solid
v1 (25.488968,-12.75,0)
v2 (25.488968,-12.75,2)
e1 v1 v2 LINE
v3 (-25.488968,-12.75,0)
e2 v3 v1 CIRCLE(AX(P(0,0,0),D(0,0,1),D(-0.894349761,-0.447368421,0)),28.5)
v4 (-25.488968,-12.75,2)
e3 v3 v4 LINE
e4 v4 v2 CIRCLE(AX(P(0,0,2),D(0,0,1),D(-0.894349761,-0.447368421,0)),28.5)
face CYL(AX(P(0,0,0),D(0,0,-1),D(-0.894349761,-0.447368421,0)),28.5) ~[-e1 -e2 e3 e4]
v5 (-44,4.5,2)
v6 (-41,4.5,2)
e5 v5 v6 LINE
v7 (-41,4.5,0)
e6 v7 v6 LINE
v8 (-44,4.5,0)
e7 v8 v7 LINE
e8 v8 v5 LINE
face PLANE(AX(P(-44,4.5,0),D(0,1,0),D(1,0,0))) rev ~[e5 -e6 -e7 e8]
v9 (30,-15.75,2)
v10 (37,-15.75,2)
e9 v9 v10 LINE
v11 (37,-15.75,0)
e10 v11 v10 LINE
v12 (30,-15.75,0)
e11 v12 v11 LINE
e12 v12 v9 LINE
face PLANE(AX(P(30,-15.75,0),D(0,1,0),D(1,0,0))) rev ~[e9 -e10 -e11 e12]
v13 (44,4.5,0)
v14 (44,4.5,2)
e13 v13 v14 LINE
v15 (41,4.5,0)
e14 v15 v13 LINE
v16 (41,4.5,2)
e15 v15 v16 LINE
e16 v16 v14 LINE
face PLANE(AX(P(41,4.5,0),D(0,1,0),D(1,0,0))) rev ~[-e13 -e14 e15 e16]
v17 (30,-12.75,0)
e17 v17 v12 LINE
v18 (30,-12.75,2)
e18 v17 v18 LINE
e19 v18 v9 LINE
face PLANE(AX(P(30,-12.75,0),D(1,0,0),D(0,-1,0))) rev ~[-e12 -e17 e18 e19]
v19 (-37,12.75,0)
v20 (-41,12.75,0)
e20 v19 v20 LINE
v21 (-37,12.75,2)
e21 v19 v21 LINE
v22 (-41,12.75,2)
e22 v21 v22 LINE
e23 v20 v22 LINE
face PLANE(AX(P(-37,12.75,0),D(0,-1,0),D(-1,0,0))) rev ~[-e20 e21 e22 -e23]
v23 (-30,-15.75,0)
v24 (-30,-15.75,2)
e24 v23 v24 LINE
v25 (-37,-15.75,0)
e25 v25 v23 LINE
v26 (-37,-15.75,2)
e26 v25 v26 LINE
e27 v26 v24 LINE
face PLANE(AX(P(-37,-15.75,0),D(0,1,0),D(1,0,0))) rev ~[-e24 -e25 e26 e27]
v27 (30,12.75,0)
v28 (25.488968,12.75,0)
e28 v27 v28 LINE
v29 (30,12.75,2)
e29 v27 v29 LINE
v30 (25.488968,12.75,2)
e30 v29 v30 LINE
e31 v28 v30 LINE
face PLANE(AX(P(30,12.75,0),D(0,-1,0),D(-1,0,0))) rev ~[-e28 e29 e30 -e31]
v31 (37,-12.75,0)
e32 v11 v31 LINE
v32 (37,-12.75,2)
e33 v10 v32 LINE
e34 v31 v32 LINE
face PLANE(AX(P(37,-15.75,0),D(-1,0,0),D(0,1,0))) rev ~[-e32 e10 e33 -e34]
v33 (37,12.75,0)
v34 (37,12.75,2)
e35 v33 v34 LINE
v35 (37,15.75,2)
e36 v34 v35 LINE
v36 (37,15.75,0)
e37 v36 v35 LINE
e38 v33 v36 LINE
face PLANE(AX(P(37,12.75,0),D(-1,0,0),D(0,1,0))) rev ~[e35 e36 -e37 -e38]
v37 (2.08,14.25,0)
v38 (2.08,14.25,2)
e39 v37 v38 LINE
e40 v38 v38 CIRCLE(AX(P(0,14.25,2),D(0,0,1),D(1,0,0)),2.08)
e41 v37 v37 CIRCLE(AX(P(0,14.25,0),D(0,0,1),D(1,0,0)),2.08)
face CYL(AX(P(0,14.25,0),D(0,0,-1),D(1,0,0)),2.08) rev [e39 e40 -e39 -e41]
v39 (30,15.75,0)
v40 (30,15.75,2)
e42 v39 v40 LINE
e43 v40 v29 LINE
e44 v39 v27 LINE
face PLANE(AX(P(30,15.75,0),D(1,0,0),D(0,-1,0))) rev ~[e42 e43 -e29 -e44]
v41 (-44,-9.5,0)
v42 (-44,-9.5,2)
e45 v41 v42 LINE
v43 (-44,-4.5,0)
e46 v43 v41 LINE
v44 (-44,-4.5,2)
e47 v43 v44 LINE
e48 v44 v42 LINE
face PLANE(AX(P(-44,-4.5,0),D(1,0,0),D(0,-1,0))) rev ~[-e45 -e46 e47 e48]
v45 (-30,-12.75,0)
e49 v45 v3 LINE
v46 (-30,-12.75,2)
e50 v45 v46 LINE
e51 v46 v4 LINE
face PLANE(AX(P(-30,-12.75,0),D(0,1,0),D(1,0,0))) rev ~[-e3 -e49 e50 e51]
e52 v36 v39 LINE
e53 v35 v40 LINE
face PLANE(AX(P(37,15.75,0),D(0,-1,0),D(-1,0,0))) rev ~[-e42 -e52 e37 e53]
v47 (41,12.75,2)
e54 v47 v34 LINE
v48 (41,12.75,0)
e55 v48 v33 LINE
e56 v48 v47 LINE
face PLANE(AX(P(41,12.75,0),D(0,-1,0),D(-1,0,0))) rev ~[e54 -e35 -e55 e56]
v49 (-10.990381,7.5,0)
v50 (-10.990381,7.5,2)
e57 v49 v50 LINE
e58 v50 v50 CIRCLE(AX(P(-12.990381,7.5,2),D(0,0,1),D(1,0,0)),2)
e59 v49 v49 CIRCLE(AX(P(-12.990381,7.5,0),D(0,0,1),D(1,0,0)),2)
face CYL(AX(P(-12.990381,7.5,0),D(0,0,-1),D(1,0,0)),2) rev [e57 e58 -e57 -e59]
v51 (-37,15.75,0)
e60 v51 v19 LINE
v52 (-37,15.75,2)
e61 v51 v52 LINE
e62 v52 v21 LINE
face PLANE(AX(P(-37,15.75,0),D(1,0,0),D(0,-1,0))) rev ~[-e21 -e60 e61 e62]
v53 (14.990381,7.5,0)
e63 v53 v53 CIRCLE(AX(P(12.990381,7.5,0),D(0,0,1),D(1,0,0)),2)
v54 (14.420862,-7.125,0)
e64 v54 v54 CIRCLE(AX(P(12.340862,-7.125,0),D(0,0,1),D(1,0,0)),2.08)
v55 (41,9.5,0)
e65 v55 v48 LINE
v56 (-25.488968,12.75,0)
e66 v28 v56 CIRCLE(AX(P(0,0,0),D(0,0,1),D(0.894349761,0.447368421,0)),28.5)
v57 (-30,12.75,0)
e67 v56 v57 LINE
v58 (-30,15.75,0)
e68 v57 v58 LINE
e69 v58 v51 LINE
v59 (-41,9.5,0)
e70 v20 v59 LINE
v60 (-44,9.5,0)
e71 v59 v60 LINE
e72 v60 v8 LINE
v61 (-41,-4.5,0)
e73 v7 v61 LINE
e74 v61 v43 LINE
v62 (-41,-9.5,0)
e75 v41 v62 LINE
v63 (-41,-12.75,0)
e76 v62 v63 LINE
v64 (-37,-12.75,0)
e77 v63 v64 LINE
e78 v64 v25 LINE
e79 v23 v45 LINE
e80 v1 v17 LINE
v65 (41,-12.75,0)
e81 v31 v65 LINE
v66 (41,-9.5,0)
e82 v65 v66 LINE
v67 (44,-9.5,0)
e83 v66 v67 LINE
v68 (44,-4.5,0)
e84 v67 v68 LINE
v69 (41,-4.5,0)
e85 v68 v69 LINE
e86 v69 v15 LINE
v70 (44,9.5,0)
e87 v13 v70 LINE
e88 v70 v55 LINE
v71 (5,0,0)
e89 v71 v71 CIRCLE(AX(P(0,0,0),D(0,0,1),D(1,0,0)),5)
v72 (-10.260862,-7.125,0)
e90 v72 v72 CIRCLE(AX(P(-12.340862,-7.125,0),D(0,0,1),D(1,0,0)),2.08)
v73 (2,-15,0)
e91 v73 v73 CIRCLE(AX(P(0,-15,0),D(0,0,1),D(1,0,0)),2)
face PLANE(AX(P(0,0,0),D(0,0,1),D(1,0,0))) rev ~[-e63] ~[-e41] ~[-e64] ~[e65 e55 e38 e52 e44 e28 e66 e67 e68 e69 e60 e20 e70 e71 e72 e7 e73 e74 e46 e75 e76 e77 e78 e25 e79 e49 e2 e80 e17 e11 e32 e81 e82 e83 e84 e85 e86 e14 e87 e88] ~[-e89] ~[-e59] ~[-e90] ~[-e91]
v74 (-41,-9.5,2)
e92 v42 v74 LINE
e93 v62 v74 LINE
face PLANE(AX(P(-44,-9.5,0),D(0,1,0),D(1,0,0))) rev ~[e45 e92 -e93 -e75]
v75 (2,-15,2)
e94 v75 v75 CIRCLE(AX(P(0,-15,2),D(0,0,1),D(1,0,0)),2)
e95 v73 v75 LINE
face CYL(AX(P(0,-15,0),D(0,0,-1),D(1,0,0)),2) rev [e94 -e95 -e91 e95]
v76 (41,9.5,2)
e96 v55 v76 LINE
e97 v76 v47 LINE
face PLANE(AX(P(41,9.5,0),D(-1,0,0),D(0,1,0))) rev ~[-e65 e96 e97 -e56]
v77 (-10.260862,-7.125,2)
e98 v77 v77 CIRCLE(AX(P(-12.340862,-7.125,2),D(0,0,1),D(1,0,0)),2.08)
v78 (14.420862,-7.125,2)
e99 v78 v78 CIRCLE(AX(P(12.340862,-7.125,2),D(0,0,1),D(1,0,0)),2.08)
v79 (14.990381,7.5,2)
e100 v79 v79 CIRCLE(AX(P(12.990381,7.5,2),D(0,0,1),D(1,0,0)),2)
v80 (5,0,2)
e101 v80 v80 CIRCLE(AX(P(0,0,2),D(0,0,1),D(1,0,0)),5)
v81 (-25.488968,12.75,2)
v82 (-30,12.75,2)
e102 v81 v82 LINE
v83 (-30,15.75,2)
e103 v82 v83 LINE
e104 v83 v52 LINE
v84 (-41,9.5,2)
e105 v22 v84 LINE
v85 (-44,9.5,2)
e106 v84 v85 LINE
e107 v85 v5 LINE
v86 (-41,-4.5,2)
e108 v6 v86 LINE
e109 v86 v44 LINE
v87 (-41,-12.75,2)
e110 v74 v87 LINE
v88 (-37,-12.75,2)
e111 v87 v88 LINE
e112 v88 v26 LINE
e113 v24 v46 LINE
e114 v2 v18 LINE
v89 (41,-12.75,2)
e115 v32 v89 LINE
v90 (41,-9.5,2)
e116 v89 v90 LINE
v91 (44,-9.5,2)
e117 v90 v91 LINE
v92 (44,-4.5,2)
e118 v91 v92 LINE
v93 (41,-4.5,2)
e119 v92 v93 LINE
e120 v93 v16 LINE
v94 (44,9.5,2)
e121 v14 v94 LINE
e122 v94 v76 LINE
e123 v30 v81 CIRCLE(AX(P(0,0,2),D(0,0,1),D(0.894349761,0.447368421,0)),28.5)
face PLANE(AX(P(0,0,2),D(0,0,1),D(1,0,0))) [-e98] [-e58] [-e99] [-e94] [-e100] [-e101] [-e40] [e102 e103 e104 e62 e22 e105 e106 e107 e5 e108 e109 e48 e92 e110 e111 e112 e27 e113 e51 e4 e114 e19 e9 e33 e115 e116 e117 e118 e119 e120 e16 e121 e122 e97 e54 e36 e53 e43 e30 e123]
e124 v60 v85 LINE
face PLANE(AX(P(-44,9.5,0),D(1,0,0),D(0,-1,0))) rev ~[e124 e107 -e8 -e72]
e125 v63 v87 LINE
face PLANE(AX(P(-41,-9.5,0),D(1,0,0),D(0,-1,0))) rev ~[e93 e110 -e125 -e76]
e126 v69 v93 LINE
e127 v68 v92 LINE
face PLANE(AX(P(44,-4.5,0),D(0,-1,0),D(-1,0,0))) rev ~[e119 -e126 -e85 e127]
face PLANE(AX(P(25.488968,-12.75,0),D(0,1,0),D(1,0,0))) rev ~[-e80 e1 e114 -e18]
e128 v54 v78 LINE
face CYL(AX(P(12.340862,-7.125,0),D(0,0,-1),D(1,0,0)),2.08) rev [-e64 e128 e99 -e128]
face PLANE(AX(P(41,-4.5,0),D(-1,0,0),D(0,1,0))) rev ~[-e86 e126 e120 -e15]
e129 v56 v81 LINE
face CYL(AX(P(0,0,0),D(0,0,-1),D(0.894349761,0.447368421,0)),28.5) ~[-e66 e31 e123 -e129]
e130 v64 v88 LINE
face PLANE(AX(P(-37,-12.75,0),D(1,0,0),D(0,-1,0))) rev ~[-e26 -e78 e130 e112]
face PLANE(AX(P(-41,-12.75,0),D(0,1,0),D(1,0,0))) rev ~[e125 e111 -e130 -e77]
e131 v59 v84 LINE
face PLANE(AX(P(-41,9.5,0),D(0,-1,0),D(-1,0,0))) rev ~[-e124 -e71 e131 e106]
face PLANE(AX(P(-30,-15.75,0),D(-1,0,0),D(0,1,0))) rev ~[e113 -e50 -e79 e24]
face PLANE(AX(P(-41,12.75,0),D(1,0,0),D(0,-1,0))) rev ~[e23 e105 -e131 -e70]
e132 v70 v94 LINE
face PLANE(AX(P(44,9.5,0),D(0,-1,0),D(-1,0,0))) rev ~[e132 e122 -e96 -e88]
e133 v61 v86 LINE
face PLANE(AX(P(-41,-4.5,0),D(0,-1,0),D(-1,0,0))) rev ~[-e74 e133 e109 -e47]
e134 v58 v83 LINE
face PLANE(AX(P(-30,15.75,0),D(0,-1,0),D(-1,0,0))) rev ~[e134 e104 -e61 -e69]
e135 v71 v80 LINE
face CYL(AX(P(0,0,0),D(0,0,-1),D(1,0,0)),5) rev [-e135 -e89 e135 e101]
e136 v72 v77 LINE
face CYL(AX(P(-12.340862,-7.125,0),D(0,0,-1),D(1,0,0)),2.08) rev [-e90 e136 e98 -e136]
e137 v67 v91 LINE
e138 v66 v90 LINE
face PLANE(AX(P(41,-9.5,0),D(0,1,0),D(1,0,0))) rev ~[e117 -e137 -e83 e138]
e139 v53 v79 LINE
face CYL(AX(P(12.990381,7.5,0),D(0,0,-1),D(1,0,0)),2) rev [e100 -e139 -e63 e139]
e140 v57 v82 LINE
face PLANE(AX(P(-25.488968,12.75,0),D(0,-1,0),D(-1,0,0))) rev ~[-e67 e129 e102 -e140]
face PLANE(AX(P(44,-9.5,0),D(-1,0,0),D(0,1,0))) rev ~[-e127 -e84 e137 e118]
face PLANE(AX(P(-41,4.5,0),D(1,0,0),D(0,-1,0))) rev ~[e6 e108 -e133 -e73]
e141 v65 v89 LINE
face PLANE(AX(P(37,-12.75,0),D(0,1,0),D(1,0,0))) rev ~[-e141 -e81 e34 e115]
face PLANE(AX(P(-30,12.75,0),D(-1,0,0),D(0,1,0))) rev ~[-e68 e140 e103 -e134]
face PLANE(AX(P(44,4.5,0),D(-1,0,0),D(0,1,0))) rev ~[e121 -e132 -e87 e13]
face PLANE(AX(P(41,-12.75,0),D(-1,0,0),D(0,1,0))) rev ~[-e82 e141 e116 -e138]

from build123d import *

# Parameters (mm, degrees)
SKETCH_1_R      = 2
SKETCH_1_R_2    = 2.08
SKETCH_1_R_3    = 5
EXTRUDE_2_DEPTH = 2


with BuildPart() as part:
    # 草图1 → 凸台-拉伸2 (new body)
    with BuildSketch(Plane.XY):
        with BuildLine():
            Line((-41, -12.75), (-37, -12.75))
            Line((-37, -12.75), (-37, -15.75))
            Line((-37, -15.75), (-30, -15.75))
            Line((-30, -15.75), (-30, -12.75))
            Line((-30, -12.75), (-25.488968202, -12.75))
            ThreePointArc((-25.488968202, -12.75), (0, -28.5), (25.488968202, -12.75))
            Line((25.488968202, -12.75), (30, -12.75))
            Line((30, -12.75), (30, -15.75))
            Line((30, -15.75), (37, -15.75))
            Line((37, -15.75), (37, -12.75))
            Line((37, -12.75), (41, -12.75))
            Line((41, -12.75), (41, -9.5))
            Line((41, -9.5), (44, -9.5))
            Line((44, -9.5), (44, -4.5))
            Line((44, -4.5), (41, -4.5))
            Line((41, -4.5), (41, 4.5))
            Line((41, 4.5), (44, 4.5))
            Line((44, 4.5), (44, 9.5))
            Line((44, 9.5), (41, 9.5))
            Line((41, 9.5), (41, 12.75))
            Line((41, 12.75), (37, 12.75))
            Line((37, 12.75), (37, 15.75))
            Line((37, 15.75), (30, 15.75))
            Line((30, 15.75), (30, 12.75))
            Line((30, 12.75), (25.488968202, 12.75))
            ThreePointArc((25.488968202, 12.75), (0, 28.5), (-25.488968202, 12.75))
            Line((-25.488968202, 12.75), (-30, 12.75))
            Line((-30, 12.75), (-30, 15.75))
            Line((-30, 15.75), (-37, 15.75))
            Line((-37, 15.75), (-37, 12.75))
            Line((-37, 12.75), (-41, 12.75))
            Line((-41, 12.75), (-41, 9.5))
            Line((-41, 9.5), (-44, 9.5))
            Line((-44, 9.5), (-44, 4.5))
            Line((-44, 4.5), (-41, 4.5))
            Line((-41, 4.5), (-41, -4.5))
            Line((-41, -4.5), (-44, -4.5))
            Line((-44, -4.5), (-44, -9.5))
            Line((-44, -9.5), (-41, -9.5))
            Line((-41, -9.5), (-41, -12.75))
        make_face()
        with Locations((12.990381057, 7.5)):
            Circle(SKETCH_1_R, mode=Mode.SUBTRACT)
        with Locations((0, 14.25)):
            Circle(SKETCH_1_R_2, mode=Mode.SUBTRACT)
        with Locations((-12.990381057, 7.5)):
            Circle(SKETCH_1_R, mode=Mode.SUBTRACT)
        with Locations((-12.340862004, -7.125)):
            Circle(SKETCH_1_R_2, mode=Mode.SUBTRACT)
        with Locations((0, -15)):
            Circle(SKETCH_1_R, mode=Mode.SUBTRACT)
        with Locations((12.340862004, -7.125)):
            Circle(SKETCH_1_R_2, mode=Mode.SUBTRACT)
        Circle(SKETCH_1_R_3, mode=Mode.SUBTRACT)
    extrude(amount=EXTRUDE_2_DEPTH)


solid = part.part
